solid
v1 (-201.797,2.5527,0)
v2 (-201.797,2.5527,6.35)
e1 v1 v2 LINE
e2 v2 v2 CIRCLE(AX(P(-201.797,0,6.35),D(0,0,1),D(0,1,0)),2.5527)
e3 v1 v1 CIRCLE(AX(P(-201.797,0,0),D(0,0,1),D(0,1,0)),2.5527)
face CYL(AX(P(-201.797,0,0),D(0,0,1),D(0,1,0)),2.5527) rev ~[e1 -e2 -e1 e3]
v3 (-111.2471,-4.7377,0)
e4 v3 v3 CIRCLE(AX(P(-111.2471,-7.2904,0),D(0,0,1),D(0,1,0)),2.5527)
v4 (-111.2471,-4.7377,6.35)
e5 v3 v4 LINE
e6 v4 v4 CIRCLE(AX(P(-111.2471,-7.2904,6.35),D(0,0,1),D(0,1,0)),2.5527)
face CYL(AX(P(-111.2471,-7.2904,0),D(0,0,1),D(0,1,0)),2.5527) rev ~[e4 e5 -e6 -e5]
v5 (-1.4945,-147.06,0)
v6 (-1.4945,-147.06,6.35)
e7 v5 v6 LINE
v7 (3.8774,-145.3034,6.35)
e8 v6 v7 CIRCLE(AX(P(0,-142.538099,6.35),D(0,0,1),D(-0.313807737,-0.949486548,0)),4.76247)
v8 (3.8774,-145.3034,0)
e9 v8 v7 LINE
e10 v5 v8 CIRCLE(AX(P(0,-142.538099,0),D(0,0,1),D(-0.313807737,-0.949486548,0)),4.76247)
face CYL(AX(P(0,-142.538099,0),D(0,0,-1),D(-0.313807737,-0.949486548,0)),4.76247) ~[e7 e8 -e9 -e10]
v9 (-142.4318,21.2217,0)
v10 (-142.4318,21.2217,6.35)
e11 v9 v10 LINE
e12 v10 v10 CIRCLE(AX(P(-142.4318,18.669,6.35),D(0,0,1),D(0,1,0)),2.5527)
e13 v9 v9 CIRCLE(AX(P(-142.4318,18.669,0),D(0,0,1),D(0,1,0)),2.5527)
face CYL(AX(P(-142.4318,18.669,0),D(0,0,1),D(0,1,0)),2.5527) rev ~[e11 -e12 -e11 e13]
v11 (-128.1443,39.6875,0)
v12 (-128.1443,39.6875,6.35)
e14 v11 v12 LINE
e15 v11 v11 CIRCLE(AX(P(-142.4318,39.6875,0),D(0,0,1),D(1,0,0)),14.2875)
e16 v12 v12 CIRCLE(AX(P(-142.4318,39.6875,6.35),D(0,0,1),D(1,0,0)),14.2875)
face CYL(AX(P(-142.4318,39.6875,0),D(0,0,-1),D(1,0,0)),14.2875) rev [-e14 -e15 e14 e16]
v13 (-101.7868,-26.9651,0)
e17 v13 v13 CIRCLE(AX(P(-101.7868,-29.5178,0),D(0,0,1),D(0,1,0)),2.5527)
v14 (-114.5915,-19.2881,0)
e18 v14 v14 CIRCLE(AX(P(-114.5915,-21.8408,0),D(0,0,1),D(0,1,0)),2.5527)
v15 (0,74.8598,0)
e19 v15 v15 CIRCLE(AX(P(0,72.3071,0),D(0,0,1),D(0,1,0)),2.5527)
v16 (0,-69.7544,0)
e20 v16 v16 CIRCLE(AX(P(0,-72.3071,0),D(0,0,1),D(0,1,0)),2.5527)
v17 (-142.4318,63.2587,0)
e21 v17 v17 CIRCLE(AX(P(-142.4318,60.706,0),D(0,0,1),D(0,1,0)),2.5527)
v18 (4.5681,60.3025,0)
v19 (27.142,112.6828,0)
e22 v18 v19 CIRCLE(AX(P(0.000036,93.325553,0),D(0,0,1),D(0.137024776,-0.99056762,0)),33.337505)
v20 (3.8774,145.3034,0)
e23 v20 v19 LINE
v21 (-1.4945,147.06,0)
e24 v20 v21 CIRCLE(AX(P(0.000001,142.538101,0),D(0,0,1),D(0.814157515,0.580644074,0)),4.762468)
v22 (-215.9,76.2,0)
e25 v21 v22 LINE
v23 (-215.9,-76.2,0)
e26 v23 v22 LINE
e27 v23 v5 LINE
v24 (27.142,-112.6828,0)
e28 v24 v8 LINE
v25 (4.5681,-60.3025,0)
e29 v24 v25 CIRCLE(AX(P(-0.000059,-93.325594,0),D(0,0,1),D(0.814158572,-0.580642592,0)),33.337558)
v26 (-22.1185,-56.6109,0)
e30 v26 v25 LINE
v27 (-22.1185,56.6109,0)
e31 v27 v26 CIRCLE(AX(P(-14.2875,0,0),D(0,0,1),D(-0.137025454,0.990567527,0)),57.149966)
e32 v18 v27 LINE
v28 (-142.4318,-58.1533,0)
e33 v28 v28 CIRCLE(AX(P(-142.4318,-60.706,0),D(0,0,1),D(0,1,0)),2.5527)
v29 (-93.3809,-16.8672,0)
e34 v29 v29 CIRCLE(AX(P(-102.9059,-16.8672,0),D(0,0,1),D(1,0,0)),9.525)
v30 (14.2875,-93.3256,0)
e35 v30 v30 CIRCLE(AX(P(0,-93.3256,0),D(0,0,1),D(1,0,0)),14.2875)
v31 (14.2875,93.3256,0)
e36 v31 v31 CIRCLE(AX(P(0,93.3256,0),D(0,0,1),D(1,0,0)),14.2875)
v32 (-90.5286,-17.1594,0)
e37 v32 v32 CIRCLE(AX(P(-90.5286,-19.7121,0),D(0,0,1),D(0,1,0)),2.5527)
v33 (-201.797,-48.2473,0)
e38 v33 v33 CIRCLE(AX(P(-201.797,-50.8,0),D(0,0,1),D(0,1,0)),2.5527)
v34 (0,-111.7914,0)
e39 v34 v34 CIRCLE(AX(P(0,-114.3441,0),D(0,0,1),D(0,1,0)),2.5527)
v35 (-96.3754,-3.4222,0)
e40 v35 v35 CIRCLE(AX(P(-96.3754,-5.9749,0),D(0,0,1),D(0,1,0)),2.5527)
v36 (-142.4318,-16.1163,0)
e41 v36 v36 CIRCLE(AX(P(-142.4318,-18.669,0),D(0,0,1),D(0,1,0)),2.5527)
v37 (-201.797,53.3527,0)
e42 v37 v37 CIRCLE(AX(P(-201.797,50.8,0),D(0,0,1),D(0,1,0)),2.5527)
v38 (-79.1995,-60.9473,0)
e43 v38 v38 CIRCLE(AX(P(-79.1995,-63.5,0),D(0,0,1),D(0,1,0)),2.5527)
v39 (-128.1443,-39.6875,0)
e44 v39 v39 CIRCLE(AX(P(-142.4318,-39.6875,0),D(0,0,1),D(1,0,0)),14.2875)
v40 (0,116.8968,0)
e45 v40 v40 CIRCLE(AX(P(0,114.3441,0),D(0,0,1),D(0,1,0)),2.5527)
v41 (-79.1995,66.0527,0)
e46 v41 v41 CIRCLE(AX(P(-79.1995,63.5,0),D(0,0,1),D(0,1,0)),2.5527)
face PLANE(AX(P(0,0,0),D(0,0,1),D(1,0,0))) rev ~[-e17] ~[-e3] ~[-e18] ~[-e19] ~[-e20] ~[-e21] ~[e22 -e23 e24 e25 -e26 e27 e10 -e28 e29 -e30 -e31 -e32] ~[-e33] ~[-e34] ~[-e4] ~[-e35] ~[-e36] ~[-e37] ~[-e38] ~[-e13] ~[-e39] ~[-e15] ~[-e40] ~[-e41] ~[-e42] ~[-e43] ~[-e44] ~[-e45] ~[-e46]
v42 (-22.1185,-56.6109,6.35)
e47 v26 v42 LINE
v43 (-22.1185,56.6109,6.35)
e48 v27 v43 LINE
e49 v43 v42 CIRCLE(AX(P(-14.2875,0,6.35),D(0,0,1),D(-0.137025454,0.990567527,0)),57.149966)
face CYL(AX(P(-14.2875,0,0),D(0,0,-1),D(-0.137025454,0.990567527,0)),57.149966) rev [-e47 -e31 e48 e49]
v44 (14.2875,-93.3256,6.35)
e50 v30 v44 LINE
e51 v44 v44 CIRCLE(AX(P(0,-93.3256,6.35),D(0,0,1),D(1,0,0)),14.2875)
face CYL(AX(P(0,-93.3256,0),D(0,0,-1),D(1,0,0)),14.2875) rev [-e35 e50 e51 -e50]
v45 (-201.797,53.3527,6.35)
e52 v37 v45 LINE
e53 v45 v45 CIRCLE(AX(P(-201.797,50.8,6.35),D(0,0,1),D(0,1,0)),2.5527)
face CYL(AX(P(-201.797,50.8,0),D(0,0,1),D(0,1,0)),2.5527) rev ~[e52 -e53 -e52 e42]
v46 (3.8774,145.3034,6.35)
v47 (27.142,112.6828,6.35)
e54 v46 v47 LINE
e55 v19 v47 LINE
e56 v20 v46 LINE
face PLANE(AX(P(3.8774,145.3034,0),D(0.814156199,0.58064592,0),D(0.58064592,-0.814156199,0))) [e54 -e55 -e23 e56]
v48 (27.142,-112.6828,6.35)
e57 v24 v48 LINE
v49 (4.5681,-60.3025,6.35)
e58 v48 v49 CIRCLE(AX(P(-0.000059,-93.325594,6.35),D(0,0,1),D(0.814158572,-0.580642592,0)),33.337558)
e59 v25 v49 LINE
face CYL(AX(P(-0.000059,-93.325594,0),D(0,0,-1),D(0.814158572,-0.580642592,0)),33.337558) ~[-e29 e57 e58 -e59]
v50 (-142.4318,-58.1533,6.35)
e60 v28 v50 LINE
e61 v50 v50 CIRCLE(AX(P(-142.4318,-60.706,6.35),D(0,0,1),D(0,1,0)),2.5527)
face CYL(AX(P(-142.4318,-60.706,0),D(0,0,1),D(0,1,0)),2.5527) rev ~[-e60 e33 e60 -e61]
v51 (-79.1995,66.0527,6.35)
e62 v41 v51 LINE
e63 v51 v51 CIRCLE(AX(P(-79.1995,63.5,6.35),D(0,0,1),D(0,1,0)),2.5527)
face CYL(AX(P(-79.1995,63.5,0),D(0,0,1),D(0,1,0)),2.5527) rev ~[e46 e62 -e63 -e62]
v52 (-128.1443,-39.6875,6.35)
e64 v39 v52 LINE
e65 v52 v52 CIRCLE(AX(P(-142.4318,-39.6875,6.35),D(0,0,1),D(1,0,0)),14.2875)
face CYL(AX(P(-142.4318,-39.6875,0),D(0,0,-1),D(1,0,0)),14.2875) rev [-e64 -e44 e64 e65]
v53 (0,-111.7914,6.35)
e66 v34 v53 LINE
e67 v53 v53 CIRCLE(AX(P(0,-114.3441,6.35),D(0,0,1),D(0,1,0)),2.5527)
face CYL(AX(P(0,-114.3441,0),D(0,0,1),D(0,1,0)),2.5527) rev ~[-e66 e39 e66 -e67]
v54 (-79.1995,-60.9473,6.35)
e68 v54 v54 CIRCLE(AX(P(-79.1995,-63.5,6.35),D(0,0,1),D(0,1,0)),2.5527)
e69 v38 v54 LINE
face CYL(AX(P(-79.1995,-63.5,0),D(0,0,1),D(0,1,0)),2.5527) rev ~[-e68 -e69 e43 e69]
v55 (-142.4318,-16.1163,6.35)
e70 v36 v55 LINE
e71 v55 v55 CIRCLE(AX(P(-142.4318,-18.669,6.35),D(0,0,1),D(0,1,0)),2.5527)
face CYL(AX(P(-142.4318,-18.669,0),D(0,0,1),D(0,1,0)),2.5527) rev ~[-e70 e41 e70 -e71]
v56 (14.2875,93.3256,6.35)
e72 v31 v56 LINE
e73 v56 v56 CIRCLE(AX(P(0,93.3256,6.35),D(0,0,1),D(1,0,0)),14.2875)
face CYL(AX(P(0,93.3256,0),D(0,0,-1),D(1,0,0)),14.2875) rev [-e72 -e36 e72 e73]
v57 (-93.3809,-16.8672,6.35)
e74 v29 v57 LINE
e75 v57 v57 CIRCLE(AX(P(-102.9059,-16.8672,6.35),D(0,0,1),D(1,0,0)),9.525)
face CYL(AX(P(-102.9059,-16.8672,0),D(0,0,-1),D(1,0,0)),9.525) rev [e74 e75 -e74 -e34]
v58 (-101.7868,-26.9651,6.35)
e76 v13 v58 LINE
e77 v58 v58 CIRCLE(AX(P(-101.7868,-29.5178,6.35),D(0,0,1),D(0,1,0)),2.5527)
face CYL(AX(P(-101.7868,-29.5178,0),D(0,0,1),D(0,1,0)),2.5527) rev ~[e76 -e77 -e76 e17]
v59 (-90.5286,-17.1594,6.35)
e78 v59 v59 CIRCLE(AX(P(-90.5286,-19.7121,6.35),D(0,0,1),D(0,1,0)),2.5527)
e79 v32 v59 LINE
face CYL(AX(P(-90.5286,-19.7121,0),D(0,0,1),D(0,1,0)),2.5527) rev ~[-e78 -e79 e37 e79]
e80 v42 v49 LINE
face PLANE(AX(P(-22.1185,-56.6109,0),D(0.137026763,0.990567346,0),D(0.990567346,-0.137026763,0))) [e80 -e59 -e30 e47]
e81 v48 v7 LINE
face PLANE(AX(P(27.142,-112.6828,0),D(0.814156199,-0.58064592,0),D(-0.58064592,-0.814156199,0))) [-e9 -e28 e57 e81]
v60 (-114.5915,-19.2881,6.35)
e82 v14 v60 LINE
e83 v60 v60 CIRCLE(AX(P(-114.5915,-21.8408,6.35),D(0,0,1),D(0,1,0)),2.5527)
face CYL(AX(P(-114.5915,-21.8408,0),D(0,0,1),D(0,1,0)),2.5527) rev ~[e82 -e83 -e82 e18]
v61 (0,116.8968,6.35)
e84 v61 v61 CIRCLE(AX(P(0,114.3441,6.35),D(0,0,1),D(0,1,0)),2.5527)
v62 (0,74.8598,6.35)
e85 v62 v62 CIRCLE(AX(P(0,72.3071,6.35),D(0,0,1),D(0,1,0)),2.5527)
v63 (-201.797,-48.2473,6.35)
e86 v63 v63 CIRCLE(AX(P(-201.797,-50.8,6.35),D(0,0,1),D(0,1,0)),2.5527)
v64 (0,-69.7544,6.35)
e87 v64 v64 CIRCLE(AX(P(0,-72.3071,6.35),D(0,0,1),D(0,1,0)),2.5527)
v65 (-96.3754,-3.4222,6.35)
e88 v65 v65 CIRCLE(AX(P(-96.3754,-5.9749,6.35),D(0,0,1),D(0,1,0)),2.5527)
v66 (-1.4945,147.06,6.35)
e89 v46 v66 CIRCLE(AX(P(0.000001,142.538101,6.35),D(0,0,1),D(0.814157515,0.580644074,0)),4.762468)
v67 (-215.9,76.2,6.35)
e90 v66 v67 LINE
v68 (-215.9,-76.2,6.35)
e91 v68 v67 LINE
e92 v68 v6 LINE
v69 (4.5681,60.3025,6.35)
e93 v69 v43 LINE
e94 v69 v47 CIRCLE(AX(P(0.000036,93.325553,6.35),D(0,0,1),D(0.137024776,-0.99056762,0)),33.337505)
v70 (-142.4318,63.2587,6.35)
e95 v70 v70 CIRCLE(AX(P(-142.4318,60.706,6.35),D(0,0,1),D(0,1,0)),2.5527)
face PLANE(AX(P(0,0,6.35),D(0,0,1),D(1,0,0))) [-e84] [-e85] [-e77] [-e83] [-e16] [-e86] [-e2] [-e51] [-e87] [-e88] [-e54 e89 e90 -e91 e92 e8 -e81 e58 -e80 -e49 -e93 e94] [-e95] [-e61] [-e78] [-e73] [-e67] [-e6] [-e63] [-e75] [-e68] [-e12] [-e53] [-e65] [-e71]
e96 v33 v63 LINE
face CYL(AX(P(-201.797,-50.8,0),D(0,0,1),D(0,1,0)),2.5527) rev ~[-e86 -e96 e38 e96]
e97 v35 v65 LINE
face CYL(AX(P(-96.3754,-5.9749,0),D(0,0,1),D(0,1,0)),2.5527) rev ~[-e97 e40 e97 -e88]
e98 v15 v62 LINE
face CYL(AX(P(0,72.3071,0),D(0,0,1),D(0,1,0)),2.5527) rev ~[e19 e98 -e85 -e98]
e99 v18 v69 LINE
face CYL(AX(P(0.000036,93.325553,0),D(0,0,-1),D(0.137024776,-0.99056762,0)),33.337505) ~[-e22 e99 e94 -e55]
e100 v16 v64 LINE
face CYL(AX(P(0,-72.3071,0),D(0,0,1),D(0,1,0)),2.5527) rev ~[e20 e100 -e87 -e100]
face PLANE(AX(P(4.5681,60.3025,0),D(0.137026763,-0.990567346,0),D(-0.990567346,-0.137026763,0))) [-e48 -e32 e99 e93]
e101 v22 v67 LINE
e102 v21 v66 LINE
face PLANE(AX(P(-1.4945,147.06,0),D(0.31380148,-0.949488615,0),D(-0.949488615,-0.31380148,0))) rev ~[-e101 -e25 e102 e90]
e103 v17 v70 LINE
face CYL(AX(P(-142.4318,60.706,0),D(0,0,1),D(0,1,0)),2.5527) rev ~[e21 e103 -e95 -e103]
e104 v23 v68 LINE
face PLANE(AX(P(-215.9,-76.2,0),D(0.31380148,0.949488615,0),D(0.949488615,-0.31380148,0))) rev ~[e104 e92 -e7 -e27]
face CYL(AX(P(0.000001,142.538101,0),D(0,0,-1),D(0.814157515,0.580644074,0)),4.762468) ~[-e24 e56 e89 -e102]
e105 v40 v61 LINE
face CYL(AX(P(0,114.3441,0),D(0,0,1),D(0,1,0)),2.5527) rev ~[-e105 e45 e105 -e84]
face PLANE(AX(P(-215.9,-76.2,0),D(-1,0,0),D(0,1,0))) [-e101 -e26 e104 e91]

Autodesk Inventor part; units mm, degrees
ref_plane "YZ Plane" through (0, 0, 0) normal (1, 0, 0) x (0, 1, 0)
ref_plane "XZ Plane" through (0, 0, 0) normal (0, 1, 0) x (-1, 0, 0)
ref_plane "XY Plane" through (0, 0, 0) normal (0, 0, 1) x (1, 0, 0)
sketch "Sketch1" plane through (0, 0, 0) normal (0, 0, 1) x (1, 0, 0)
  circle A0 centre (0, 93.3256) radius 38.1 construction
  circle A1 centre (0, -93.3256) radius 38.1 construction
  line L0 (0, 93.3256) -> (0, -93.3256) construction
  circle A2 centre (-19.05, 0) radius 57.15 construction
  circle A3 centre (0, 93.3256) radius 14.2875
  circle A4 centre (0, -93.3256) radius 14.2875
  circle A5 centre (0, -93.3256) radius 33.3375 construction
  circle A6 centre (0, 93.3256) radius 33.3375 construction
  circle A7 centre (-142.4318, -39.6875) radius 14.3256 construction
  circle A8 centre (0, -93.3256) radius 23.876 construction
  line L1 (-142.4318, -39.6875) -> (0, -93.3256) construction
  circle A9 centre (-142.4318, 39.6875) radius 14.3256 construction
  circle A10 centre (0, 93.3256) radius 23.876 construction
  line L2 (0, 93.3256) -> (-142.4318, 39.6875) construction
  circle A11 centre (-142.4318, 39.6875) radius 39.6875 construction
  circle A12 centre (-142.4318, -39.6875) radius 39.6875 construction
  line L3 (-142.4318, 39.6875) -> (-142.4318, -39.6875) construction
  line L4 (-138.2343, 25.9906) -> (6.9958, 70.4975) construction
  line L5 (-9.8, 115.0976) -> (-148.3118, 52.7507) construction
  line L6 (-138.2343, -25.9906) -> (6.9958, -70.4975) construction
  line L7 (-13.7535, -112.8423) -> (-134.1797, -27.9775) construction
  circle A13 centre (-142.4318, 39.6875) radius 14.2875
  circle A14 centre (-142.4318, -39.6875) radius 14.2875
  circle A15 centre (-102.9059, -16.8672) radius 5.9531 construction
  circle A16 centre (-102.9059, -16.8672) radius 9.525
  circle A17 centre (-102.9059, -16.8672) radius 12.7 construction
  circle A18 centre (-102.9059, -16.8672) radius 12.7 construction
  circle A19 centre (-102.9059, -16.8672) radius 12.7 construction
  circle A20 centre (-102.9059, -16.8672) radius 12.7 construction
  circle A21 centre (-102.9059, -16.8672) radius 12.7 construction
  circle A22 centre (-14.2875, 0) radius 57.15 construction
  circle A23 centre (-102.9059, -16.8672) radius 19.05 construction
  line L8 (-215.9, 76.2) -> (-190.5, 76.2) construction
  line L9 (-190.5, 76.2) -> (-190.5, -76.2) construction
  line L10 (-190.5, -76.2) -> (-215.9, -76.2) construction
  line L11 (-215.9, -76.2) -> (-215.9, 76.2)
  line L12 (-142.4318, -39.6875) -> (-102.9059, -16.8672) construction
  line L13 (-79.1995, 63.5) -> (-79.1995, -63.5) construction
  line L14 (-22.1185, -56.6109) -> (4.5681, -60.3025)
  arc A24 (4.5681, 60.3025) -> (27.142, 112.6828) centre (0, 93.3256) ccw
  arc A25 (-22.1185, 56.6109) -> (-22.1185, -56.6109) centre (-14.2875, 0) ccw
  line L15 (4.5681, 60.3025) -> (-22.1185, 56.6109)
  arc A26 (27.142, -112.6828) -> (4.5681, -60.3025) centre (0, -93.3256) ccw
  arc A27 (3.8774, 145.3034) -> (-1.4945, 147.06) centre (0, 142.5381) ccw
  circle A28 centre (0, 93.3256) radius 44.45 construction
  line L16 (3.8774, 145.3034) -> (27.142, 112.6828)
  line L17 (-1.4945, 147.06) -> (-215.9, 76.2)
  arc A29 (-1.4945, -147.06) -> (3.8774, -145.3034) centre (0, -142.5381) ccw
  line L18 (-215.9, -76.2) -> (-1.4945, -147.06)
  line L19 (27.142, -112.6828) -> (3.8774, -145.3034)
  circle A30 centre (0, -93.3256) radius 44.45 construction
  line L20 (0, 114.3441) -> (0, 72.3071) construction
  line L21 (-142.4318, 60.706) -> (-142.4318, 18.669) construction
  line L22 (-142.4318, -18.669) -> (-142.4318, -60.706) construction
  line L23 (0, -72.3071) -> (0, -114.3441) construction
  line L24 (-201.797, 50.8) -> (-201.797, -50.8) construction
  point P0 (0, 0)
  point P1 (0, 0)
  point P2 (-111.2471, -7.2904)
  point P3 (-114.5915, -21.8408)
  point P4 (-101.7868, -29.5178)
  point P5 (-90.5286, -19.7121)
  point P6 (-96.3754, -5.9749)
  point P7 (-190.5, 0)
  point P8 (-201.797, 0)
  point P9 (-201.797, 0)
  dimension "d15" = 25.4
  dimension "d0" = 76.2
  dimension "d1" = 76.2
  dimension "d2" = 114.3
  dimension "d4" = 186.6511
  dimension "d5" = 28.575
  dimension "d6" = 19.05
  dimension "d7" = 28.6512
  dimension "d8" = 47.752
  dimension "d9" = 79.375
  dimension "d10" = 142.4318
  dimension "d11" = 152.1968
  dimension "d12" = 28.575
  dimension "d13" = 11.9062
  dimension "d14" = 19.05
  dimension "d18" = 360
  dimension "d20" = 4.7625
  dimension "d21" = 38.1
  dimension "d22" = 25.4
  dimension "d23" = 152.4
  dimension "d24" = 215.9
  dimension "d25" = 60
  dimension "d26" = 127
  dimension "d29" = 9.525
  dimension "d30" = 6.35
  dimension "d32" = 42.037
  dimension "d33" = 42.037
  dimension "d34" = 42.037
  dimension "d35" = 42.037
  dimension "d36" = 19.05
  dimension "d44" = 101.6
extrude "Extrusion1" add sketch "Sketch1" along normal blind 6.35
hole "Hole1" at (-111.2471, -7.2904, 0) at (-114.5915, -21.8408, 0) at (-101.7868, -29.5178, 0) at (-90.5286, -19.7121, 0) at (-96.3754, -5.9749, 0) at (-79.1995, 63.5, 0) at (-79.1995, -63.5, 0) at (0, 114.3441, 0) at (0, 72.3071, 0) at (-142.4318, 60.706, 0) at (-142.4318, 18.669, 0) at (-142.4318, -18.669, 0) at (-142.4318, -60.706, 0) at (0, -72.3071, 0) at (0, -114.3441, 0) at (-201.797, 50.8, 0) at (-201.797, 0, 0) at (-201.797, -50.8, 0) direction (0, 0, 1) diameter 5.1054 end through all clearance for "Flat Head Machine Screw (82)" size "#10" standard "Ansi Unified Screw Threads"
properties material "Polycarbonate, Smoke"
